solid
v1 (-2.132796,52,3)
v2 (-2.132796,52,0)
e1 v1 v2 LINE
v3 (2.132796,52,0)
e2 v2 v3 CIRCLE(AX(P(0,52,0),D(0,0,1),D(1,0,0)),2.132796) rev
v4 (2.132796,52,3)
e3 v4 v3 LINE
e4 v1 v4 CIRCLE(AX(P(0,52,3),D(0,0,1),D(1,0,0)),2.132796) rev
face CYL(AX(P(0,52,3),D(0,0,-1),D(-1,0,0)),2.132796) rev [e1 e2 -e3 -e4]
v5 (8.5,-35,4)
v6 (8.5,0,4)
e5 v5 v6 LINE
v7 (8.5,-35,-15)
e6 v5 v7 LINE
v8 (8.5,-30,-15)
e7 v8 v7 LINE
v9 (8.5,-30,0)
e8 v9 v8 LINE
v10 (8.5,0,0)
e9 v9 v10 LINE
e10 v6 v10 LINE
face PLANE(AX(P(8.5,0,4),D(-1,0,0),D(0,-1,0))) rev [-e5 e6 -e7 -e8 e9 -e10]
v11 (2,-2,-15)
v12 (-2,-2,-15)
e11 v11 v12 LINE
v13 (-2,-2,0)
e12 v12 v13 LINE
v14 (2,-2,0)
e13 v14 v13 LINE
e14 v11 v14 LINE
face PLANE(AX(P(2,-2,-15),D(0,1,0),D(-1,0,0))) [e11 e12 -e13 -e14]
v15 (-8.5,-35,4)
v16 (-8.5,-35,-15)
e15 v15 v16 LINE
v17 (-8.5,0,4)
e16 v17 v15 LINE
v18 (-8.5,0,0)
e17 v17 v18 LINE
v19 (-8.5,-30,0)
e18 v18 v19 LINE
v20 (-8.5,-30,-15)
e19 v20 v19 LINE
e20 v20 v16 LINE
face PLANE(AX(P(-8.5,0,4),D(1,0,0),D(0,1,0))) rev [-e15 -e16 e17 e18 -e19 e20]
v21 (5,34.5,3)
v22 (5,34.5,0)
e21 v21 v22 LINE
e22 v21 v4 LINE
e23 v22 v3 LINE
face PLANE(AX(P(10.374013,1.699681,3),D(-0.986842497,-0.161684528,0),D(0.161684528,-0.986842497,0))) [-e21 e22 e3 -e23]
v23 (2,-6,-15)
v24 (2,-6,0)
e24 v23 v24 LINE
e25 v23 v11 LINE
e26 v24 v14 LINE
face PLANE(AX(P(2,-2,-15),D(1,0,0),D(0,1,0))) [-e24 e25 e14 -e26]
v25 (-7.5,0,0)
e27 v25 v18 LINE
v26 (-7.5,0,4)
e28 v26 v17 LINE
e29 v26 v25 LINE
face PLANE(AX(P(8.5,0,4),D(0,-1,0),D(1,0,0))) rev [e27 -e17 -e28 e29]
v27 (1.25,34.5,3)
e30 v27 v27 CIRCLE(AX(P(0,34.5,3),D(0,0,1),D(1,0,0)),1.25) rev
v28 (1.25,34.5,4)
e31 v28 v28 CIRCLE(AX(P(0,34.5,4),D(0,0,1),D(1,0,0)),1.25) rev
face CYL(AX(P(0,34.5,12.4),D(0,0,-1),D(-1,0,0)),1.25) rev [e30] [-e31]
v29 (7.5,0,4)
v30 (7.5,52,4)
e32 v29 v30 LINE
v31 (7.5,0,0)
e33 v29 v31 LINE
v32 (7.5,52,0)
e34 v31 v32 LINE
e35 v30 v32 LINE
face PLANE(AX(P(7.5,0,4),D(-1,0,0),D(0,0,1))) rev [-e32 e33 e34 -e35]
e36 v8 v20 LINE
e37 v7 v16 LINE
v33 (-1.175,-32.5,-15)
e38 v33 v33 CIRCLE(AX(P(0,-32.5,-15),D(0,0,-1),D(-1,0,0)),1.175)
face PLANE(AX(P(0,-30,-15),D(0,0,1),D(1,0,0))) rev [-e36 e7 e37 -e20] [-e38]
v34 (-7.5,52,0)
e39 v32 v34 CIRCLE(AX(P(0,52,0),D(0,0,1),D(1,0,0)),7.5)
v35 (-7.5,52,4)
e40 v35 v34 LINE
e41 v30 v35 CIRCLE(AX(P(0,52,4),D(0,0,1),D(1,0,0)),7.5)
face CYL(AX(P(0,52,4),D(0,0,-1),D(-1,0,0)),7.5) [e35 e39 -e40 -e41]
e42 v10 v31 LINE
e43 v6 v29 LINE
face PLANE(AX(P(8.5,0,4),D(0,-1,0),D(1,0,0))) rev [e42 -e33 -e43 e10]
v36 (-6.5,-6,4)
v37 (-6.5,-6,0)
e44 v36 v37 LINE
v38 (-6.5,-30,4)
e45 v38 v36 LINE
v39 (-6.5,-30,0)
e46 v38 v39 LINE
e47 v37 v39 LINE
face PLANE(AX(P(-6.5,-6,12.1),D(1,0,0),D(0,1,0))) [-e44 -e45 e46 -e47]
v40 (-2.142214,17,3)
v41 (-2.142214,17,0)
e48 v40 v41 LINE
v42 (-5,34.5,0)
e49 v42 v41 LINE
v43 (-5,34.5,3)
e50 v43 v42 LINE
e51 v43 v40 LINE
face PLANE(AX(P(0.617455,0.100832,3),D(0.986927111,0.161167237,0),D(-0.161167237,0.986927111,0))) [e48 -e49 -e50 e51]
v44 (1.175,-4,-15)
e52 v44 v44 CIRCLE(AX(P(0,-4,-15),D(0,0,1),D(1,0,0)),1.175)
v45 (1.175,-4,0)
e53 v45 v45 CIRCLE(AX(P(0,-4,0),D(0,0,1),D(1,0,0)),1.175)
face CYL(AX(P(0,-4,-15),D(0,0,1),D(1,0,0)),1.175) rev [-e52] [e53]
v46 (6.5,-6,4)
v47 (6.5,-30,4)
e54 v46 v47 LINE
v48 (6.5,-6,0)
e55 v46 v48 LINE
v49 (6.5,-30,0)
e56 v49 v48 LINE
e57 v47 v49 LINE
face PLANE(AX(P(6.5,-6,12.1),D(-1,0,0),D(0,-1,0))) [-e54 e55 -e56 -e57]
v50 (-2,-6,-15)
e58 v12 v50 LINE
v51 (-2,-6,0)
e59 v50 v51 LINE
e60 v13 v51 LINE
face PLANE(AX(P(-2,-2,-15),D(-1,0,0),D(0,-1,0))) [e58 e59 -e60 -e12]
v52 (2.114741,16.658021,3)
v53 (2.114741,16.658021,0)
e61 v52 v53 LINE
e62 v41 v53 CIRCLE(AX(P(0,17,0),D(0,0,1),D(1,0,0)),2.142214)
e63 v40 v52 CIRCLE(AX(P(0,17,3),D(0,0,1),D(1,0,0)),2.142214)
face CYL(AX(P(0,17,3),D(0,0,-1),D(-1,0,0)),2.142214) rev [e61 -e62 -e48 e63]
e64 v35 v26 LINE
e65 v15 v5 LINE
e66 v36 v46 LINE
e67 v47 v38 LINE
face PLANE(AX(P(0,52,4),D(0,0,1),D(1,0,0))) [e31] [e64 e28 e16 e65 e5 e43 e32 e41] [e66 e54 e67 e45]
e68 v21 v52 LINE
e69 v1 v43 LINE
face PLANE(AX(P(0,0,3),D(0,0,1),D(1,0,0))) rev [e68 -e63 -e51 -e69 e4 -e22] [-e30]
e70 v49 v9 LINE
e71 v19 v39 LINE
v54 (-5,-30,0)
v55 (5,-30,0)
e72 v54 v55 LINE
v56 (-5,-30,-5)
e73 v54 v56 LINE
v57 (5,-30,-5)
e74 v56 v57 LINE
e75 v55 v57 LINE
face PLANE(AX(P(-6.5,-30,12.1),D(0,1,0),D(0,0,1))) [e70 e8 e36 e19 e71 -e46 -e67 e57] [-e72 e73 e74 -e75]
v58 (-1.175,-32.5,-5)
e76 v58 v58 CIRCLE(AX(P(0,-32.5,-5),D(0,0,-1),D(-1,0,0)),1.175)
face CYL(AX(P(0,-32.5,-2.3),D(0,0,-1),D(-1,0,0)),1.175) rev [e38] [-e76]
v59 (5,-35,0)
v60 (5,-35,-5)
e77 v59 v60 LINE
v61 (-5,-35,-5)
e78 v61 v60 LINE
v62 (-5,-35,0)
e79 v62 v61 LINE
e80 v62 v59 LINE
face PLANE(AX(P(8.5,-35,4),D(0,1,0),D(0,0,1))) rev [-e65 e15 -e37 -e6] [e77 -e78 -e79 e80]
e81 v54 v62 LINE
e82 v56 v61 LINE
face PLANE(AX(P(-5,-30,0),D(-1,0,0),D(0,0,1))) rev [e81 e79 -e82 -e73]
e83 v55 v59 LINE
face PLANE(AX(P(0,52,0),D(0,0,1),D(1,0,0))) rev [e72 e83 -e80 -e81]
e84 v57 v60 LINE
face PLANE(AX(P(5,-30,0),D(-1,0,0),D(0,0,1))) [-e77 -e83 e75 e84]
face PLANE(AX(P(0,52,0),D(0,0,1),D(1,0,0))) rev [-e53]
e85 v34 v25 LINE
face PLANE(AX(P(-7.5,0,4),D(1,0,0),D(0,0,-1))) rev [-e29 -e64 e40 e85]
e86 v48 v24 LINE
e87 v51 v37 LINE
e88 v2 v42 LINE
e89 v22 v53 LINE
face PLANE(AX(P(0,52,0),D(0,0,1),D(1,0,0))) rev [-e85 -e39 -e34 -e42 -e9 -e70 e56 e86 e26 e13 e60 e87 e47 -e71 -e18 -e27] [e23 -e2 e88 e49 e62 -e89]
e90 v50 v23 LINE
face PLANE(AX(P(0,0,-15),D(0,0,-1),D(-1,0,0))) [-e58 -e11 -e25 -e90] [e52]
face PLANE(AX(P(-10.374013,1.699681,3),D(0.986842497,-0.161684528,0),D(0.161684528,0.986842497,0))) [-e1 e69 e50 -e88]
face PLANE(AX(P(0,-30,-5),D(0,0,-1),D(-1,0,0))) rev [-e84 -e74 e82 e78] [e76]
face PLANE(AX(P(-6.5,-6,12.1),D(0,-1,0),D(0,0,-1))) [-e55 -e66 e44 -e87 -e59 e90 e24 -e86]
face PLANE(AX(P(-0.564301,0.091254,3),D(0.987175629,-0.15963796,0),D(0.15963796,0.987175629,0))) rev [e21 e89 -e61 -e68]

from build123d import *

# Parameters (mm, degrees)
EXTRUDE_1_DEPTH     = 4
CUT_EXTRUDE_1_DEPTH = 3
SKETCH_5_R          = 1.25
CUT_EXTRUDE_2_DEPTH = 12.4
SKETCH_6_W          = 17
SKETCH_6_H          = 35
EXTRUDE_2_DEPTH     = 4
SKETCH_7_W          = 13
SKETCH_7_H          = 24
CUT_EXTRUDE_3_DEPTH = 12.1
SKETCH_8_W          = 4
SKETCH_8_H          = 4
SKETCH_8_R          = 1.175
EXTRUDE_3_DEPTH     = 15
EXTRUDE_4_DEPTH     = 5
SKETCH_10_R         = 1.175
CUT_EXTRUDE_4_DEPTH = 12.7


with BuildPart() as part:
    # 草圖1 → 填料-伸長1 (new body)
    with BuildSketch(Plane.XY):
        with BuildLine():
            Line((7.5, 0), (7.5, 52))
            ThreePointArc((7.5, 52), (0, 59.5), (-7.5, 52))
            Line((-7.5, 52), (-7.5, 0))
            Line((-7.5, 0), (7.5, 0))
        make_face()
    extrude(amount=EXTRUDE_1_DEPTH)

    # 草圖3 → 除料-伸長1 (cut)
    with BuildSketch(Plane.XY):
        with BuildLine():
            ThreePointArc((-2.132795501, 52), (0, 54.132795501), (2.132795501, 52))
            Line((2.132795501, 52), (5, 34.5))
            Line((5, 34.5), (2.114741289, 16.658021353))
            ThreePointArc((2.114741289, 16.658021353), (-0.171540182, 14.864665347), (-2.142213835, 17))
            Line((-2.142213835, 17), (-5, 34.5))
            Line((-5, 34.5), (-2.132795501, 52))
        make_face()
    extrude(amount=CUT_EXTRUDE_1_DEPTH, mode=Mode.SUBTRACT)

    # 草圖5 → 除料-伸長2 (cut)
    with BuildSketch(Plane.XY):
        with Locations((0, 34.5)):
            Circle(SKETCH_5_R)
    extrude(amount=CUT_EXTRUDE_2_DEPTH, mode=Mode.SUBTRACT)

    # 草圖6 → 填料-伸長2 (add)
    with BuildSketch(Plane.XY):
        with Locations((0, -17.5)):
            Rectangle(SKETCH_6_W, SKETCH_6_H)
    extrude(amount=EXTRUDE_2_DEPTH)

    # 草圖7 → 除料-伸長3 (cut)
    with BuildSketch(Plane.XY):
        with Locations((0, -18)):
            Rectangle(SKETCH_7_W, SKETCH_7_H)
    extrude(amount=CUT_EXTRUDE_3_DEPTH, mode=Mode.SUBTRACT)

    # 草圖8 → 填料-伸長3 (add)
    with BuildSketch(Plane.XY):
        with Locations((0, -4)):
            Rectangle(SKETCH_8_W, SKETCH_8_H)
        with Locations((0, -4)):
            Circle(SKETCH_8_R, mode=Mode.SUBTRACT)
    extrude(amount=-EXTRUDE_3_DEPTH)

    # 草圖9 → 填料-伸長4 (add)
    with BuildSketch(Plane(origin=(0, -35, 0), x_dir=(1, 0, 0), z_dir=(0, 1, 0))):
        Polygon((-8.5, 0), (-5, 0), (-5, 5), (5, 5), (5, 0), (8.5, 0), (8.5, 15), (-8.5, 15), align=None)
    extrude(amount=EXTRUDE_4_DEPTH)

    # 草圖10 → 除料-伸長4 (cut)
    with BuildSketch(Plane(origin=(0, 0, -15), x_dir=(-1, 0, 0), z_dir=(0, 0, -1))):
        with Locations((0, -32.5)):
            Circle(SKETCH_10_R)
    extrude(amount=-CUT_EXTRUDE_4_DEPTH, mode=Mode.SUBTRACT)


solid = part.part
